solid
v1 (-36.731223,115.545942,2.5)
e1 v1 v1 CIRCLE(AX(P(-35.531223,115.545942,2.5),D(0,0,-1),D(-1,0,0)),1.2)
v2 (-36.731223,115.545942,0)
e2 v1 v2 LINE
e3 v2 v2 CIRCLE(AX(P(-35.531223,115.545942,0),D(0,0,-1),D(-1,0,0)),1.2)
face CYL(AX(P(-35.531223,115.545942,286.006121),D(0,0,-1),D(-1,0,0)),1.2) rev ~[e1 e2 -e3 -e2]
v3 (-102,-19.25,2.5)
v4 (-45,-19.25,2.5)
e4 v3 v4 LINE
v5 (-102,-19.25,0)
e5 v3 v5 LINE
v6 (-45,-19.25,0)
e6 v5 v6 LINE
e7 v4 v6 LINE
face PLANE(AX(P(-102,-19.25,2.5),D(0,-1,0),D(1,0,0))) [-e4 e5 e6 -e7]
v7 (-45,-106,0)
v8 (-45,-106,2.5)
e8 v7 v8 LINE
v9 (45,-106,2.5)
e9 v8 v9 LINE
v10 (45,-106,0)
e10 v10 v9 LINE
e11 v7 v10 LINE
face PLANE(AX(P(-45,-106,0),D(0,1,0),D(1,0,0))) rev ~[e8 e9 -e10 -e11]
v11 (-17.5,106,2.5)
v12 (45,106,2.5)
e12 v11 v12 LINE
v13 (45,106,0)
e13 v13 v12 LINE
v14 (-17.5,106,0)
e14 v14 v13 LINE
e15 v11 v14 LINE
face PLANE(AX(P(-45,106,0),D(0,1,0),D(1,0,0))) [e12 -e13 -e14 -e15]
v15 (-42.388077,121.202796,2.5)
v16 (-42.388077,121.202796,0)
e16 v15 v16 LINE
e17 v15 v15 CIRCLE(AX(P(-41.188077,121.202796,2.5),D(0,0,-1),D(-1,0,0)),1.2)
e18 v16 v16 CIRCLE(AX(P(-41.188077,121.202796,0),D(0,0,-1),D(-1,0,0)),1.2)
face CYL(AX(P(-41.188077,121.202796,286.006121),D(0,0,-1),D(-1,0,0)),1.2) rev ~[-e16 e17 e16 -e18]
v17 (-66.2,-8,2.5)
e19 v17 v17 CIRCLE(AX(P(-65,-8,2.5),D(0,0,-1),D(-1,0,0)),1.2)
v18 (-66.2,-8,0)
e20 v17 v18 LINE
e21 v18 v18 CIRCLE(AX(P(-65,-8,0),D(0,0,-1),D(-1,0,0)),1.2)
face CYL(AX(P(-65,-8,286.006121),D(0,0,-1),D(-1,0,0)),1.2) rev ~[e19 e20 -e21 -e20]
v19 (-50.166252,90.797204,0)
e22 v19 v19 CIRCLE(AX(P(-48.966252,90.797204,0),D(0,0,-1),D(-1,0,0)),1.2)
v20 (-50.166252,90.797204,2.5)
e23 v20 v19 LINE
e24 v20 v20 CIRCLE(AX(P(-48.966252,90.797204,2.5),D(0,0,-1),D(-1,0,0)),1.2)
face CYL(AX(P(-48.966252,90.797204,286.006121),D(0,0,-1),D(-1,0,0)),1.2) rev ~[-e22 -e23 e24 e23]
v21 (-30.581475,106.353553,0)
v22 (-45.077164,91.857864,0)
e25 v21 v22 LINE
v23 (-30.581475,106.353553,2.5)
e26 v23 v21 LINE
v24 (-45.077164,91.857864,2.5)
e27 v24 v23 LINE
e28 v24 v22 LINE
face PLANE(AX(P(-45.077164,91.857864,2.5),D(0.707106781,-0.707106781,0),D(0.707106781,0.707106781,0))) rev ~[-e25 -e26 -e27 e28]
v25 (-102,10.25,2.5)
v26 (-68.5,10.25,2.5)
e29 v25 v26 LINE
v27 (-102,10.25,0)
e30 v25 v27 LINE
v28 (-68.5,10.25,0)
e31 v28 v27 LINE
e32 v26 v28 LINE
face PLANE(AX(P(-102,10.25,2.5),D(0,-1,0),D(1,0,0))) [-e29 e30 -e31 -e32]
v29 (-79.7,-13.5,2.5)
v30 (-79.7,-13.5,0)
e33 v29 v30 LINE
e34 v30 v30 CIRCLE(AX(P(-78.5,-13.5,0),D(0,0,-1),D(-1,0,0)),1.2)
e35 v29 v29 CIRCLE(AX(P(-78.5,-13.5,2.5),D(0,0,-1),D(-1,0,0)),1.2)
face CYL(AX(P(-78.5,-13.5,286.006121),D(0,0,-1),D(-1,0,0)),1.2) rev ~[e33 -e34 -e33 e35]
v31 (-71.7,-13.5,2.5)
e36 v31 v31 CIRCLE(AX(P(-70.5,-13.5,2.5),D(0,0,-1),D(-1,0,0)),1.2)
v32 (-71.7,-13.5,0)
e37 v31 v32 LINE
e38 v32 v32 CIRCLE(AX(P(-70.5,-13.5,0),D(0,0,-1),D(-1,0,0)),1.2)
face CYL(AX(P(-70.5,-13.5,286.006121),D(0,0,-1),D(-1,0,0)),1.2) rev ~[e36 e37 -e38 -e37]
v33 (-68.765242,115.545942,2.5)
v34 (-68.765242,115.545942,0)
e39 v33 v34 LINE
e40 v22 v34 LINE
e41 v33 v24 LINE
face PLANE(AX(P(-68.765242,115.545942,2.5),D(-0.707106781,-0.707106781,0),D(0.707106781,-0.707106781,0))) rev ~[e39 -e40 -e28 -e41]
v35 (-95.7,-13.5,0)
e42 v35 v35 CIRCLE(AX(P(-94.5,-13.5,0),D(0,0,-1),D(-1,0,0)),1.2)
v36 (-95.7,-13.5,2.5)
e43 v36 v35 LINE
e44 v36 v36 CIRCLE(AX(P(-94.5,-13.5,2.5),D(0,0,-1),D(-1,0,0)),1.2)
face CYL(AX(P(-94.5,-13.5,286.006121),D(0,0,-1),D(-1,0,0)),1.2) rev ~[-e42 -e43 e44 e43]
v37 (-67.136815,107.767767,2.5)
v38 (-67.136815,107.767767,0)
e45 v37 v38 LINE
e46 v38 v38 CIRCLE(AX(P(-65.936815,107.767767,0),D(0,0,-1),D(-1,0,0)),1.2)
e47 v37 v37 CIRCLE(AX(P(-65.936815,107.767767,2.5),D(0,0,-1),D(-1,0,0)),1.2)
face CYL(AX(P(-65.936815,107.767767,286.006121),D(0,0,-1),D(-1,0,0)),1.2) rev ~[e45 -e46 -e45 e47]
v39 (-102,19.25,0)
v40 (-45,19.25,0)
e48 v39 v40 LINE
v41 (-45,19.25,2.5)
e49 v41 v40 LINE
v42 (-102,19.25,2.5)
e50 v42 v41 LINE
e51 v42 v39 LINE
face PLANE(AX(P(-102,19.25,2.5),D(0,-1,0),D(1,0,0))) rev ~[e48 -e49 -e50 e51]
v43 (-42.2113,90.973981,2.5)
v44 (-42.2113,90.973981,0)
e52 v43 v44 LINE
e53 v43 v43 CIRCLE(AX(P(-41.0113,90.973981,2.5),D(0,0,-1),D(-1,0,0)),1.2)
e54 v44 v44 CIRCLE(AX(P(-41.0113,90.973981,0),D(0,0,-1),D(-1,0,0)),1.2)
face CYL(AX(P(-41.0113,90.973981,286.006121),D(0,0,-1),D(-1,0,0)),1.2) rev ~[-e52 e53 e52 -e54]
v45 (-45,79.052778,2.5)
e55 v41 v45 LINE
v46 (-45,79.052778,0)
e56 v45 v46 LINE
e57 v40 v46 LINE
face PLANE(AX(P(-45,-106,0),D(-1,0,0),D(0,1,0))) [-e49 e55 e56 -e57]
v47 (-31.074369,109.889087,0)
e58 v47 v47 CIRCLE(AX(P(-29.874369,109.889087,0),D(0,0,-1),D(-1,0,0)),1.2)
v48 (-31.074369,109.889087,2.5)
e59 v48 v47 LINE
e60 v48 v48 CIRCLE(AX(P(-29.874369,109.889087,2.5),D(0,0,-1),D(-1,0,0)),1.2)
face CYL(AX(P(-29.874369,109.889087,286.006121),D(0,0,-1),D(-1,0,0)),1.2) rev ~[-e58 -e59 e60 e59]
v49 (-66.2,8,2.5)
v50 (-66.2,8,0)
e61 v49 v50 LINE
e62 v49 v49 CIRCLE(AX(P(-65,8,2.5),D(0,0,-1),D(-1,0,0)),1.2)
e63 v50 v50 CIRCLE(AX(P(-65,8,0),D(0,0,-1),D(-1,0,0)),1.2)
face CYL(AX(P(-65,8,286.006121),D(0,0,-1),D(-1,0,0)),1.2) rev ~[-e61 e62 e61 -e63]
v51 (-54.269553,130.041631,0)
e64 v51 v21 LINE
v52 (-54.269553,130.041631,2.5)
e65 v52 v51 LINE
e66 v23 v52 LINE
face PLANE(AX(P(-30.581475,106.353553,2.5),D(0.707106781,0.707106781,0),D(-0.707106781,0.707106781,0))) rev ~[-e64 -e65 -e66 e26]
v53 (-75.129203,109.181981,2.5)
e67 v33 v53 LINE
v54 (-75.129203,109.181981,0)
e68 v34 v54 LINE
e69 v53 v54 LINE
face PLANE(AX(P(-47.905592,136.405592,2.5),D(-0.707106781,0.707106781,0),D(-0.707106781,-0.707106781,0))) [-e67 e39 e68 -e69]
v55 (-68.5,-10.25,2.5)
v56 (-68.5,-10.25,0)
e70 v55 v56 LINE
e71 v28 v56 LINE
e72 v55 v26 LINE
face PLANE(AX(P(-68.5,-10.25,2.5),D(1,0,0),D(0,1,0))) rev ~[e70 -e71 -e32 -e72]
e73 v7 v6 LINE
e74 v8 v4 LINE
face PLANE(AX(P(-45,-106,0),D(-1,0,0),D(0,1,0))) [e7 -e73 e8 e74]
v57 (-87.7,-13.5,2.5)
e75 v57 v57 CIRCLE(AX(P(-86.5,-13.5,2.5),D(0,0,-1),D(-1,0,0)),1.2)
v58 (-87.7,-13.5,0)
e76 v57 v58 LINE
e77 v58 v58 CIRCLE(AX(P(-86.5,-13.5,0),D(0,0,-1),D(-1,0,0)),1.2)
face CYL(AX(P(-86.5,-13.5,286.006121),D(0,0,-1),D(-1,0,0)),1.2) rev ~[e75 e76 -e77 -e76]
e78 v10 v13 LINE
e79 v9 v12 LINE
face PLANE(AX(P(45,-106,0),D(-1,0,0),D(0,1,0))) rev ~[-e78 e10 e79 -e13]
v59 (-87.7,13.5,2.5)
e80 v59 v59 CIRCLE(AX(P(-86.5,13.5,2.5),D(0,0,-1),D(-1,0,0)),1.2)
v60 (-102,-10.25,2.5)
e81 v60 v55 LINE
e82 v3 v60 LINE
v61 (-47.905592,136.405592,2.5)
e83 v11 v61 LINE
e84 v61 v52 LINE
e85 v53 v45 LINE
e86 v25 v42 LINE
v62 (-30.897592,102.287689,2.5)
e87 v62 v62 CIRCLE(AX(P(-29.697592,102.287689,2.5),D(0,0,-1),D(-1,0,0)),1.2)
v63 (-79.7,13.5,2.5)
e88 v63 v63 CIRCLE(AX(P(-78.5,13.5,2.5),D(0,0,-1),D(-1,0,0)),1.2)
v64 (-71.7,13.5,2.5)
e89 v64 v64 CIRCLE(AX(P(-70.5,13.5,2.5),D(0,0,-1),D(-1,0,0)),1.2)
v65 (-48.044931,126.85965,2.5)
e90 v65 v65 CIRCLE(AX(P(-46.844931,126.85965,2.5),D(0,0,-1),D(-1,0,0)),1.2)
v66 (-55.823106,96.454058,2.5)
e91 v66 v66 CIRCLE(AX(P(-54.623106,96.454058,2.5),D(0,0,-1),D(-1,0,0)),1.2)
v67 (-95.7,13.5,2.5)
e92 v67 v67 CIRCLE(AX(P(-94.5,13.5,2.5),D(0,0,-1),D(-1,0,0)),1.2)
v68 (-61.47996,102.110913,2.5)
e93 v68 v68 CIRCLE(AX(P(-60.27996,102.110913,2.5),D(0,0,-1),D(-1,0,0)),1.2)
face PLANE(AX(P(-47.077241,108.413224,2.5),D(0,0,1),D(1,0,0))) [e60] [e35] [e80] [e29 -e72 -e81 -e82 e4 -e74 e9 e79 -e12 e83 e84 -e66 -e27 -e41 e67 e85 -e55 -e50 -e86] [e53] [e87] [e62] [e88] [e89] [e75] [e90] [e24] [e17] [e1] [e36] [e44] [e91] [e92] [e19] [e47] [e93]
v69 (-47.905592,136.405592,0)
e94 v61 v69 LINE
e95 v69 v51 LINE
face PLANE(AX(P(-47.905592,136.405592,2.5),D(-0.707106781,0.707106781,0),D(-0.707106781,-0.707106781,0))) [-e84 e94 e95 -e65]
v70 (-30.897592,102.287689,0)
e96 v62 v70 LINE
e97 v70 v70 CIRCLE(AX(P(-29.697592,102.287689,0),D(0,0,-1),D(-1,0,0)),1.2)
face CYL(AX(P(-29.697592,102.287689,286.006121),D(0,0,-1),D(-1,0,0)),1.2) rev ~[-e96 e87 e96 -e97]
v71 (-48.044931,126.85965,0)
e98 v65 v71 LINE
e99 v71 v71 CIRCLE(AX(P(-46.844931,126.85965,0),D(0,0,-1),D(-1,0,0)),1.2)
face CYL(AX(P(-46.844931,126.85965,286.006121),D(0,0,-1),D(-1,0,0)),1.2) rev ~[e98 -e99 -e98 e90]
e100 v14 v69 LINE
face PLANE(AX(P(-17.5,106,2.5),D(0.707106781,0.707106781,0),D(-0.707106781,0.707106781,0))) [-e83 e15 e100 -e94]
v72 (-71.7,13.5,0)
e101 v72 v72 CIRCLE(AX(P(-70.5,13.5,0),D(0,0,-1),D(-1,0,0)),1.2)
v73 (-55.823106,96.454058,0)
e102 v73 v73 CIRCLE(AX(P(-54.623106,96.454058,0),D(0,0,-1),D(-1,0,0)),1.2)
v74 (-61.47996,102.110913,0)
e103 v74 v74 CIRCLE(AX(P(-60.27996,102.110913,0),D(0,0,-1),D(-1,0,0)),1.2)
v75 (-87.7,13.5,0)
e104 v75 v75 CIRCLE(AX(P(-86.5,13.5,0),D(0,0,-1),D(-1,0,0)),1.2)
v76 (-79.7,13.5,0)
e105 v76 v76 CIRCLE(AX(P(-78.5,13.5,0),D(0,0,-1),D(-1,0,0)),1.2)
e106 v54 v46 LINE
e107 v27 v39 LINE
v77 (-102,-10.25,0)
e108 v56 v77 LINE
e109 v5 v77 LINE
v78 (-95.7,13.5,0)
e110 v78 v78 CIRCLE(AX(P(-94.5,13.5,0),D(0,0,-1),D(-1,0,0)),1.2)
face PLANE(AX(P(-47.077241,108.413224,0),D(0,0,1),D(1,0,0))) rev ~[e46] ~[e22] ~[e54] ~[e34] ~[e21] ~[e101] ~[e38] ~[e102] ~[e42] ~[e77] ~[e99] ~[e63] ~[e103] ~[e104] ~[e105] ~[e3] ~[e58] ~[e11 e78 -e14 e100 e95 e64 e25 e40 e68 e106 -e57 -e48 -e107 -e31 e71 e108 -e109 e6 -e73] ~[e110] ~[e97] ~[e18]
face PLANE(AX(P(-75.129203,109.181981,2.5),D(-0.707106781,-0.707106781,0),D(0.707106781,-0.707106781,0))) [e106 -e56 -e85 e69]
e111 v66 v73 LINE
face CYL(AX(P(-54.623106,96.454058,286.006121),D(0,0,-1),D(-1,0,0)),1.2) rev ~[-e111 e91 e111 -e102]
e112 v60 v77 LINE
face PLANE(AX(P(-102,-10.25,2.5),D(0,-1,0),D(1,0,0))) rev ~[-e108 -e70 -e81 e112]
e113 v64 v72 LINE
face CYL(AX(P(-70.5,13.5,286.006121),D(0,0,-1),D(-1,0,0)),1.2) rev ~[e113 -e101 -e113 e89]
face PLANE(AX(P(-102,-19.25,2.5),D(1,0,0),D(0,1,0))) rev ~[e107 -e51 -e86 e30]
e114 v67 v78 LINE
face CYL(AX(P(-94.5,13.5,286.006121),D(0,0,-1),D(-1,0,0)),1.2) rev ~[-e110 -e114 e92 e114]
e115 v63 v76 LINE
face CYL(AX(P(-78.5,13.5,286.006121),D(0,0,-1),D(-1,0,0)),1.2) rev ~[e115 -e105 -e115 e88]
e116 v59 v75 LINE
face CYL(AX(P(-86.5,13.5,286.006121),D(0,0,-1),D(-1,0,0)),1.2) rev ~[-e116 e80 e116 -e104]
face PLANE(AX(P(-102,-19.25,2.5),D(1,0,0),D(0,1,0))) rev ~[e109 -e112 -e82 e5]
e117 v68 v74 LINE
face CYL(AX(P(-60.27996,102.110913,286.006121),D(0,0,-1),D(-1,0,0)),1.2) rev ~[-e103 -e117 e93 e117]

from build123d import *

# Parameters (mm, degrees)
ESQUISSE1_W             = 90
ESQUISSE1_H             = 212
BOSS_EXTRU_1_DEPTH      = 2.5
ESQUISSE2_W             = 57
ESQUISSE2_H             = 38.5
BOSS_EXTRU_2_DEPTH      = 2.5
ENL_V_MAT_EXTRU_1_REACH = 172.343
ESQUISSE3_W             = 33.5
ESQUISSE3_H             = 20.5
D_GAGEMENT_M21_D        = 2.4


with BuildPart() as part:
    # Esquisse1 → Boss.-Extru.1 (new body)
    with BuildSketch(Plane.XY):
        Rectangle(ESQUISSE1_W, ESQUISSE1_H)
    extrude(amount=BOSS_EXTRU_1_DEPTH)

    # Esquisse2 → Boss.-Extru.2 (add)
    with BuildSketch(Plane.XY.offset(2.5)):
        Polygon((-75.129202667, 109.181980515), (-45, 79.052777849), (-45, 106), (-17.5, 106), (-47.905591591, 136.405591591), align=None)
        with Locations((-73.5, 0)):
            Rectangle(ESQUISSE2_W, ESQUISSE2_H)
    extrude(amount=-BOSS_EXTRU_2_DEPTH)

    # Esquisse3 → Enlèv. mat.-Extru.1 (cut, up to next)
    with BuildSketch(Plane.XY.offset(2.5), mode=Mode.PRIVATE) as enl_v_mat_extru_1_sk1:
        Polygon((-54.269552622, 130.04163056), (-68.765241636, 115.545941546), (-45.077164466, 91.857864376), (-30.581475452, 106.353553391), align=None)
    enl_v_mat_extru_1_tool1 = extrude(enl_v_mat_extru_1_sk1.sketch, amount=-ENL_V_MAT_EXTRU_1_REACH, mode=Mode.PRIVATE) & part.part
    # Esquisse3 → Enlèv. mat.-Extru.1 (cut, up to next)
    with BuildSketch(Plane.XY.offset(2.5), mode=Mode.PRIVATE) as enl_v_mat_extru_1_sk2:
        with Locations((-85.25, 0)):
            Rectangle(ESQUISSE3_W, ESQUISSE3_H)
    enl_v_mat_extru_1_tool2 = extrude(enl_v_mat_extru_1_sk2.sketch, amount=-ENL_V_MAT_EXTRU_1_REACH, mode=Mode.PRIVATE) & part.part
    add(enl_v_mat_extru_1_tool1.solids().sort_by_distance((-49.673359, 110.949747, 2.5))[0], mode=Mode.SUBTRACT)
    add(enl_v_mat_extru_1_tool2.solids().sort_by_distance((-85.25, 0, 2.5))[0], mode=Mode.SUBTRACT)

    # Dégagement M21 (through all)
    with Locations(Plane.XY.offset(2.5)):
        with Locations((-94.5, -13.5), (-86.5, -13.5), (-78.5, -13.5), (-70.5, -13.5), (-65, -8), (-65, 8), (-70.5, 13.5), (-78.5, 13.5), (-86.5, 13.5), (-94.5, 13.5), (-41.011300474, 90.9739809), (-29.697591975, 102.287689399), (-29.874368671, 109.889087297), (-35.53122292, 115.545941546), (-41.18807717, 121.202795796), (-46.844931419, 126.859650045), (-65.936814511, 107.767766953), (-60.279960262, 102.110912703), (-54.623106012, 96.454058454), (-48.966251763, 90.797204204)):
            Hole(D_GAGEMENT_M21_D / 2)


solid = part.part
